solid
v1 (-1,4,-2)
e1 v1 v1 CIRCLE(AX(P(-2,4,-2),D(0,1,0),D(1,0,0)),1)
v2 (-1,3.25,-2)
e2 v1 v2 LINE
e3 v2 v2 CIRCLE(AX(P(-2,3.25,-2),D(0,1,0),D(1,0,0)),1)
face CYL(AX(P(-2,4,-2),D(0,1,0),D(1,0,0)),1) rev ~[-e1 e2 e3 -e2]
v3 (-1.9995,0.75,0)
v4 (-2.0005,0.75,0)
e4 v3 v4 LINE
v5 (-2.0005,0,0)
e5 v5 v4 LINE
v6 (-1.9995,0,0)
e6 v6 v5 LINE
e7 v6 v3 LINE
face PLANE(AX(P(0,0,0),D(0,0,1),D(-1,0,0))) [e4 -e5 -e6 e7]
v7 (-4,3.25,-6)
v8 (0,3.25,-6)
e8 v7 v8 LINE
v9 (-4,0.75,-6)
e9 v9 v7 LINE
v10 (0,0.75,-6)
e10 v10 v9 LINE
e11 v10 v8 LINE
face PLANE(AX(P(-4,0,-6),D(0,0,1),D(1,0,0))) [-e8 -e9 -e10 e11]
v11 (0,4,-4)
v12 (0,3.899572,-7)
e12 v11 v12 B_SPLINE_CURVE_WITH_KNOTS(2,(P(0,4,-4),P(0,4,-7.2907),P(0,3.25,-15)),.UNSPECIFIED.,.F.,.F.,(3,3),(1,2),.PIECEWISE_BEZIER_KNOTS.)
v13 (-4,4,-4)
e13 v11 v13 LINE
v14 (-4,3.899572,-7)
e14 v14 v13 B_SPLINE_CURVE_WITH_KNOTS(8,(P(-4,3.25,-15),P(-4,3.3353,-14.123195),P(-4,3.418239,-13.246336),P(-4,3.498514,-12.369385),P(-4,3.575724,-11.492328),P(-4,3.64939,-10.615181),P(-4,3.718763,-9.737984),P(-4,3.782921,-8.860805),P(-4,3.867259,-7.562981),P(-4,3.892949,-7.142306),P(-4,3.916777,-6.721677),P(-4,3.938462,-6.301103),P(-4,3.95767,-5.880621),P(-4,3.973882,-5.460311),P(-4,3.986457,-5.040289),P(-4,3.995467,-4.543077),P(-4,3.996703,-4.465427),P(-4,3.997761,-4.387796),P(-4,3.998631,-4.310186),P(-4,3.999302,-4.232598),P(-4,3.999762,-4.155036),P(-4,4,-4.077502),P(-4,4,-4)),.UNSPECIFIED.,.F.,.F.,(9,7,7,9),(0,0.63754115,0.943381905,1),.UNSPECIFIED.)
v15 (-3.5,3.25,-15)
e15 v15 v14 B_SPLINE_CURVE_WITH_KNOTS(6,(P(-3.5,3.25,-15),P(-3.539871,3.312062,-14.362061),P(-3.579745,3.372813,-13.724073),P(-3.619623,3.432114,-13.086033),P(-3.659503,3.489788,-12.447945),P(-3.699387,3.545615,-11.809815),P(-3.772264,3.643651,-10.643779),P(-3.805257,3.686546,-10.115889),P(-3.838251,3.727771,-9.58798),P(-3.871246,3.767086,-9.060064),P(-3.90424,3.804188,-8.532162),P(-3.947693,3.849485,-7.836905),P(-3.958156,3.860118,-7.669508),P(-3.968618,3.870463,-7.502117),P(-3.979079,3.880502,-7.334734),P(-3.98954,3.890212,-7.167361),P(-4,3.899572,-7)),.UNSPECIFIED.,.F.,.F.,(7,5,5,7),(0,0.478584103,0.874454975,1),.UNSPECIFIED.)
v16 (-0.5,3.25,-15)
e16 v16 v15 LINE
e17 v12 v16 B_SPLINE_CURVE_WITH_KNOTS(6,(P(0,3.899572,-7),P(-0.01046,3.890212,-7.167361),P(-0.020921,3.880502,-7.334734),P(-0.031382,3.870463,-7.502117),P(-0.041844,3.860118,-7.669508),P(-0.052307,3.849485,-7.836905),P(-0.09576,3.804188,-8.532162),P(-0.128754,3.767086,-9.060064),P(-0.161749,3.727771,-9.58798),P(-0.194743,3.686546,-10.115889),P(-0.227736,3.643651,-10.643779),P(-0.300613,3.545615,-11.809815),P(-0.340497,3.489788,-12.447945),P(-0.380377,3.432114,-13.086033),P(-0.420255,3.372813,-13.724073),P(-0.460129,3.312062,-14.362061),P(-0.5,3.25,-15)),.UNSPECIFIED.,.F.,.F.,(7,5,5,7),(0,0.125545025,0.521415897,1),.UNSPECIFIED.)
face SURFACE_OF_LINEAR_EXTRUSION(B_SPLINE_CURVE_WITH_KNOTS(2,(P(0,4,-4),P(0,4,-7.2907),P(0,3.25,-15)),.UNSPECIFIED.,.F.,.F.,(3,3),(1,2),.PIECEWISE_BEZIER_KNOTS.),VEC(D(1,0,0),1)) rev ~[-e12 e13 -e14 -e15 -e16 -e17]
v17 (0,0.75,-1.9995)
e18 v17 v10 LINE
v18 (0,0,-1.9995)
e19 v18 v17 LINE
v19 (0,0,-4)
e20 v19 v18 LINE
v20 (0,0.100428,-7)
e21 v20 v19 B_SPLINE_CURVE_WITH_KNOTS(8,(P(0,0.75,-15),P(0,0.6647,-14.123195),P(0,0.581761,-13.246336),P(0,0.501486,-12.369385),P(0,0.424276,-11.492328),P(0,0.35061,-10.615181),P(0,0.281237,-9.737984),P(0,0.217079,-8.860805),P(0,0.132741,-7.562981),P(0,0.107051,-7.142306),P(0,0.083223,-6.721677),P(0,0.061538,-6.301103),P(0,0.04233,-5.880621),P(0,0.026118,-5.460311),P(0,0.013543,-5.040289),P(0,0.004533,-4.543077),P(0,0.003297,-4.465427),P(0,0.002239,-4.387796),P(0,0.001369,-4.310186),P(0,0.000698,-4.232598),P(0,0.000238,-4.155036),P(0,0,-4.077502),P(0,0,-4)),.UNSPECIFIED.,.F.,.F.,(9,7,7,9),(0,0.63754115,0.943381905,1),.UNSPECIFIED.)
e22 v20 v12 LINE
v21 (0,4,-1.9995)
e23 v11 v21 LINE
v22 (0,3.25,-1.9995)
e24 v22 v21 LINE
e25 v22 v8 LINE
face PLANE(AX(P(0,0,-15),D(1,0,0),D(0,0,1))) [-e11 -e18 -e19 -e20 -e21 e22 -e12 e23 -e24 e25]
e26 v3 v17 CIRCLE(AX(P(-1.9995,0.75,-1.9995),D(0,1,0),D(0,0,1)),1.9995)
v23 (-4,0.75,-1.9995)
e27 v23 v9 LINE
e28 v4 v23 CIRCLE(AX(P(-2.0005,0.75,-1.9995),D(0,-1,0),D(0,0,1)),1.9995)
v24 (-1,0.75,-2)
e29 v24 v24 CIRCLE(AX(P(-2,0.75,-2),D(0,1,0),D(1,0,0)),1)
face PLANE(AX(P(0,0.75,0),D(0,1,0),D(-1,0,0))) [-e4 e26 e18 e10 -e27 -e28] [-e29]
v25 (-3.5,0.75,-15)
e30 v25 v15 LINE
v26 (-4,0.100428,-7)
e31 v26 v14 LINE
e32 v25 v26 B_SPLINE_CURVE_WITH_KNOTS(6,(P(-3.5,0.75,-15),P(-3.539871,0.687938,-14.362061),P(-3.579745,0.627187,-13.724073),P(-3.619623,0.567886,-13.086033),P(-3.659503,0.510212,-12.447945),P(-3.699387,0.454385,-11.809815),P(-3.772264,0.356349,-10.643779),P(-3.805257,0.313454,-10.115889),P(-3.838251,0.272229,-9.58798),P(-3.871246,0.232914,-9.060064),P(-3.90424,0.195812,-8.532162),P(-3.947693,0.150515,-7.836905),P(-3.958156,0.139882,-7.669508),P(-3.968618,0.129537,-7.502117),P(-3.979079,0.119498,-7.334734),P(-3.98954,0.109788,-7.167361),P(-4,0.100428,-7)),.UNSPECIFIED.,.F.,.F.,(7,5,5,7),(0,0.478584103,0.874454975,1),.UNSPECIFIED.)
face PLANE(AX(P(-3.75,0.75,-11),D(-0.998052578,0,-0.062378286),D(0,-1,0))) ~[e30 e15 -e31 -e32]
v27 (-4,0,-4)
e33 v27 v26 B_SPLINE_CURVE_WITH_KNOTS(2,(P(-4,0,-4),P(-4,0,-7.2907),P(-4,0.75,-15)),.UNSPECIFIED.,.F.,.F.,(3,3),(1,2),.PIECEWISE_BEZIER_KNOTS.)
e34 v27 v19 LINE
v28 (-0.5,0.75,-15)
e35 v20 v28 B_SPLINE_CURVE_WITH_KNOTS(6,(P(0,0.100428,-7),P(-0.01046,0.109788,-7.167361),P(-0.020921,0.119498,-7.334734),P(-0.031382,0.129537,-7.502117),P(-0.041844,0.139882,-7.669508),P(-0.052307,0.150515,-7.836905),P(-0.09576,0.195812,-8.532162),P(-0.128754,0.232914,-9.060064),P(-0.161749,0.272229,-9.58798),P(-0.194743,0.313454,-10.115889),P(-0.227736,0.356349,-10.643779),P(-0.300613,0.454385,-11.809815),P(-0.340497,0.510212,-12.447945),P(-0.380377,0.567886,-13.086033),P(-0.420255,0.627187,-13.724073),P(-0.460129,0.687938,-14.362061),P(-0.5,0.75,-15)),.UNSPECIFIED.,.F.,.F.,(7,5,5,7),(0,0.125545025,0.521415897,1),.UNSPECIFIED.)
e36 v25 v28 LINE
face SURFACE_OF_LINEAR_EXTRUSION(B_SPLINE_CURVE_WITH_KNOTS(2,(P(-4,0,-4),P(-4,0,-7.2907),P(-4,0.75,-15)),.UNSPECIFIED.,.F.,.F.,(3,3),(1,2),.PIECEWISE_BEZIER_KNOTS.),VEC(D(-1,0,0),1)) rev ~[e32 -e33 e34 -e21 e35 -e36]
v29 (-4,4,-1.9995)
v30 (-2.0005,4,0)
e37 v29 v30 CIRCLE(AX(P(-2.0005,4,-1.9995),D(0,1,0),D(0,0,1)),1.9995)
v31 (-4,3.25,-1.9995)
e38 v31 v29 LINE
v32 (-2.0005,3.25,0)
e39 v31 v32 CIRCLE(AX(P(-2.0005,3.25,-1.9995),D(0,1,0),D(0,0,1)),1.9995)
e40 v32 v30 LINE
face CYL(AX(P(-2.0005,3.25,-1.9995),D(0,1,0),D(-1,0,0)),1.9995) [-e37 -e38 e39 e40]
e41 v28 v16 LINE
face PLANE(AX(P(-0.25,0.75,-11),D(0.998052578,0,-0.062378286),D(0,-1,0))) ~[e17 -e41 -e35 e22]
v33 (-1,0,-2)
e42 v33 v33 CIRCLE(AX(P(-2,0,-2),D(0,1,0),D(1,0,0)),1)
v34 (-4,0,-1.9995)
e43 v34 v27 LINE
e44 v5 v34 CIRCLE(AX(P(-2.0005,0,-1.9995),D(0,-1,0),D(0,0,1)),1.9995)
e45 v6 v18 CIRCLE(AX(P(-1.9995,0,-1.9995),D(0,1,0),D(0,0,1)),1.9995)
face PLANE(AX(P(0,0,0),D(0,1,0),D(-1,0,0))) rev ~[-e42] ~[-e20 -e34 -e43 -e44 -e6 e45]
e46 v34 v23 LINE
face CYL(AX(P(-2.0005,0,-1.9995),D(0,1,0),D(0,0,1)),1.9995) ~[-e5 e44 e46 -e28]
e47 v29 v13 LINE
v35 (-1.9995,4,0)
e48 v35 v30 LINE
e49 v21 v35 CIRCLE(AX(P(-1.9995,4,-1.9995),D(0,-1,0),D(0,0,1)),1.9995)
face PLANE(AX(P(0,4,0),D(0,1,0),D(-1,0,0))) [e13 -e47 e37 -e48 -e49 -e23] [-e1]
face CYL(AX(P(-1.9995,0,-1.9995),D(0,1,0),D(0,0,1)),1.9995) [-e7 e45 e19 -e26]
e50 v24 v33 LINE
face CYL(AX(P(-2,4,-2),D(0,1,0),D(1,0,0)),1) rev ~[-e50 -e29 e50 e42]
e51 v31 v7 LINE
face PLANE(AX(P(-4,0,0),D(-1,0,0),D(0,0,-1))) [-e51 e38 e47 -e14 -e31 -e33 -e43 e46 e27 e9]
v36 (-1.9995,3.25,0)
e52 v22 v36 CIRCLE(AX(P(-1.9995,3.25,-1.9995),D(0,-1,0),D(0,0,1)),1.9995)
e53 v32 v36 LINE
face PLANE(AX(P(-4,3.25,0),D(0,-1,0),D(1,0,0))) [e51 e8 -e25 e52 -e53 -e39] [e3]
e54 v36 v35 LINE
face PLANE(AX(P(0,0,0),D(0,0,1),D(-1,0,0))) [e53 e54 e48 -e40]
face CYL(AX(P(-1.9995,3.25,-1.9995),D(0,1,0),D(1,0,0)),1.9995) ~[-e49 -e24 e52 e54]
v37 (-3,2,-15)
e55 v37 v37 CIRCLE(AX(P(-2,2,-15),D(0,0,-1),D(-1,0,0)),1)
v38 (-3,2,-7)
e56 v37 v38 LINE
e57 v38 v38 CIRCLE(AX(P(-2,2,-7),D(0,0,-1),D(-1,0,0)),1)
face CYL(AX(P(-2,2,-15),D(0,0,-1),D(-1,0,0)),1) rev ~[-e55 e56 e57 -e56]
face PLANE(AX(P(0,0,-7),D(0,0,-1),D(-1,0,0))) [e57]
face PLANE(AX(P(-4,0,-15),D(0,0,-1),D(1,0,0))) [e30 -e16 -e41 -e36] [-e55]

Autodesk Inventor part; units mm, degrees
ref_plane "YZ Plane" through (0, 0, 0) normal (1, 0, 0) x (0, 1, 0)
ref_plane "XZ Plane" through (0, 0, 0) normal (0, 1, 0) x (-1, 0, 0)
ref_plane "XY Plane" through (0, 0, 0) normal (0, 0, 1) x (1, 0, 0)
sketch "Sketch6" plane through (0, 0, 0) normal (0, 1, 0) x (-1, 0, 0)
  line L0 (0, 0) -> (4, 0)
  line L1 (4, 0) -> (4, -15)
  line L2 (4, -15) -> (0, -15)
  line L3 (0, -15) -> (0, 0)
  dimension "d17" = 4
  dimension "d18" = 15
extrude "Extrusion5" add sketch "Sketch6" along normal blind 4
sketch "Sketch7" plane through (-4, 0, 0) normal (0, 0, 1) x (1, 0, 0)
  line L0 (0, 0) -> (0, 4) projected
  line L1 (4, 0) -> (4, 4) projected
  line L2 (0, 3.25) -> (4, 3.25)
  line L3 (4, 3.25) -> (4, 0.75)
  line L4 (4, 0.75) -> (0, 0.75)
  line L5 (0, 0.75) -> (0, 3.25)
  line L6 (0, 4) -> (4, 4) projected
  line L7 (4, 0) -> (0, 0) projected
  dimension "d21" = 0.75
  dimension "d22" = 0.75
extrude "Extrusion6" cut sketch "Sketch7" against normal blind 6 contours L0 L2 L1 L4
sketch "Sketch8" plane through (0, 4, 0) normal (0, 1, 0) x (1, 0, 0)
  line L0 (-4, 6) -> (0, 6) projected
  line L1 (-4, 15) -> (-4, 0) projected
  line L2 (0, 0) -> (-4, 0) projected
  line L3 (-4, 6) -> (-4, 0)
  circle A0 centre (-2, 2) radius 1
  dimension "d25" = 2
extrude "Extrusion7" cut sketch "Sketch8" against normal blind 4
sketch "Sketch9" plane through (0, 0, -15) normal (0, 0, -1) x (-1, 0, 0)
  line L0 (4, 0) -> (0, 0) projected
  line L1 (4, 0) -> (4, 4) projected
  line L2 (0, 4) -> (4, 4) projected
  line L3 (0, 0) -> (0, 4) projected
  circle A0 centre (2, 2) radius 1
  point P0 (0, 0)
  dimension "d28" = 2
extrude "Extrusion8" cut sketch "Sketch9" against normal blind 8 contours A0
sketch "Sketch10" plane through (0, 0, 0) normal (1, 0, 0) x (0, 0, -1)
  line L0 (0, 3.25) -> (6, 3.25) projected
  line L1 (6, 3.25) -> (6, 0.75) projected
  line L2 (6, 0.75) -> (0, 0.75) projected
  line L3 (0, 0) -> (0, 0.75) projected
  line L4 (15, 0) -> (0, 0) projected
  line L5 (15, 0) -> (15, 4) projected
  line L6 (0, 4) -> (15, 4) projected
  line L7 (0, 3.25) -> (0, 4) projected
  line L8 (15, 4) -> (0, 4) projected
  line L9 (4, 4) -> (7.2907, 4) construction
  line L10 (15, 0) -> (15, 4) projected
  line L11 (7.2907, 4) -> (15, 3.25) construction
  spline S0 degree 2 poles (4, 4) (7.2907, 4) (15, 3.25) knots 1 1 1 2 2 2
  line L12 (6, 3.25) -> (6, 0.75) projected
  line L13 (6, 2) -> (3.448, 2)
  line L14 (4, 0) -> (7.2907, 0) construction
  line L15 (7.2907, 0) -> (15, 0.75) construction
  spline S1 degree 2 poles (4, 0) (7.2907, 0) (15, 0.75) knots 1 1 1 2 2 2
  dimension "d31" = 0.75
extrude "Extrusion9" cut sketch "Sketch10" against normal blind 8 contours L6 L5 S0
pattern_circular "Circular Pattern1" count 2 over 360 about axis through (-2, 2, -15) along (0, 0, 1) of "Extrusion9"
fillet "Fillet1" radius 2 4 edges at (0, 3.625, 0) (-4, 3.625, 0) (0, 0.375, 0) (-4, 0.375, 0)
chamfer "Chamfer1" distance 8 distance2 0.5 1 edges at (0, 2, -15) measured on face at (0, 1.5833, -12)
chamfer "Chamfer2" distance 0.5 distance2 8 1 edges at (-4, 2, -15) measured on face at (-3.6667, 2, -15)
properties part number "metalClevisis" material "Aluminum 6061"
